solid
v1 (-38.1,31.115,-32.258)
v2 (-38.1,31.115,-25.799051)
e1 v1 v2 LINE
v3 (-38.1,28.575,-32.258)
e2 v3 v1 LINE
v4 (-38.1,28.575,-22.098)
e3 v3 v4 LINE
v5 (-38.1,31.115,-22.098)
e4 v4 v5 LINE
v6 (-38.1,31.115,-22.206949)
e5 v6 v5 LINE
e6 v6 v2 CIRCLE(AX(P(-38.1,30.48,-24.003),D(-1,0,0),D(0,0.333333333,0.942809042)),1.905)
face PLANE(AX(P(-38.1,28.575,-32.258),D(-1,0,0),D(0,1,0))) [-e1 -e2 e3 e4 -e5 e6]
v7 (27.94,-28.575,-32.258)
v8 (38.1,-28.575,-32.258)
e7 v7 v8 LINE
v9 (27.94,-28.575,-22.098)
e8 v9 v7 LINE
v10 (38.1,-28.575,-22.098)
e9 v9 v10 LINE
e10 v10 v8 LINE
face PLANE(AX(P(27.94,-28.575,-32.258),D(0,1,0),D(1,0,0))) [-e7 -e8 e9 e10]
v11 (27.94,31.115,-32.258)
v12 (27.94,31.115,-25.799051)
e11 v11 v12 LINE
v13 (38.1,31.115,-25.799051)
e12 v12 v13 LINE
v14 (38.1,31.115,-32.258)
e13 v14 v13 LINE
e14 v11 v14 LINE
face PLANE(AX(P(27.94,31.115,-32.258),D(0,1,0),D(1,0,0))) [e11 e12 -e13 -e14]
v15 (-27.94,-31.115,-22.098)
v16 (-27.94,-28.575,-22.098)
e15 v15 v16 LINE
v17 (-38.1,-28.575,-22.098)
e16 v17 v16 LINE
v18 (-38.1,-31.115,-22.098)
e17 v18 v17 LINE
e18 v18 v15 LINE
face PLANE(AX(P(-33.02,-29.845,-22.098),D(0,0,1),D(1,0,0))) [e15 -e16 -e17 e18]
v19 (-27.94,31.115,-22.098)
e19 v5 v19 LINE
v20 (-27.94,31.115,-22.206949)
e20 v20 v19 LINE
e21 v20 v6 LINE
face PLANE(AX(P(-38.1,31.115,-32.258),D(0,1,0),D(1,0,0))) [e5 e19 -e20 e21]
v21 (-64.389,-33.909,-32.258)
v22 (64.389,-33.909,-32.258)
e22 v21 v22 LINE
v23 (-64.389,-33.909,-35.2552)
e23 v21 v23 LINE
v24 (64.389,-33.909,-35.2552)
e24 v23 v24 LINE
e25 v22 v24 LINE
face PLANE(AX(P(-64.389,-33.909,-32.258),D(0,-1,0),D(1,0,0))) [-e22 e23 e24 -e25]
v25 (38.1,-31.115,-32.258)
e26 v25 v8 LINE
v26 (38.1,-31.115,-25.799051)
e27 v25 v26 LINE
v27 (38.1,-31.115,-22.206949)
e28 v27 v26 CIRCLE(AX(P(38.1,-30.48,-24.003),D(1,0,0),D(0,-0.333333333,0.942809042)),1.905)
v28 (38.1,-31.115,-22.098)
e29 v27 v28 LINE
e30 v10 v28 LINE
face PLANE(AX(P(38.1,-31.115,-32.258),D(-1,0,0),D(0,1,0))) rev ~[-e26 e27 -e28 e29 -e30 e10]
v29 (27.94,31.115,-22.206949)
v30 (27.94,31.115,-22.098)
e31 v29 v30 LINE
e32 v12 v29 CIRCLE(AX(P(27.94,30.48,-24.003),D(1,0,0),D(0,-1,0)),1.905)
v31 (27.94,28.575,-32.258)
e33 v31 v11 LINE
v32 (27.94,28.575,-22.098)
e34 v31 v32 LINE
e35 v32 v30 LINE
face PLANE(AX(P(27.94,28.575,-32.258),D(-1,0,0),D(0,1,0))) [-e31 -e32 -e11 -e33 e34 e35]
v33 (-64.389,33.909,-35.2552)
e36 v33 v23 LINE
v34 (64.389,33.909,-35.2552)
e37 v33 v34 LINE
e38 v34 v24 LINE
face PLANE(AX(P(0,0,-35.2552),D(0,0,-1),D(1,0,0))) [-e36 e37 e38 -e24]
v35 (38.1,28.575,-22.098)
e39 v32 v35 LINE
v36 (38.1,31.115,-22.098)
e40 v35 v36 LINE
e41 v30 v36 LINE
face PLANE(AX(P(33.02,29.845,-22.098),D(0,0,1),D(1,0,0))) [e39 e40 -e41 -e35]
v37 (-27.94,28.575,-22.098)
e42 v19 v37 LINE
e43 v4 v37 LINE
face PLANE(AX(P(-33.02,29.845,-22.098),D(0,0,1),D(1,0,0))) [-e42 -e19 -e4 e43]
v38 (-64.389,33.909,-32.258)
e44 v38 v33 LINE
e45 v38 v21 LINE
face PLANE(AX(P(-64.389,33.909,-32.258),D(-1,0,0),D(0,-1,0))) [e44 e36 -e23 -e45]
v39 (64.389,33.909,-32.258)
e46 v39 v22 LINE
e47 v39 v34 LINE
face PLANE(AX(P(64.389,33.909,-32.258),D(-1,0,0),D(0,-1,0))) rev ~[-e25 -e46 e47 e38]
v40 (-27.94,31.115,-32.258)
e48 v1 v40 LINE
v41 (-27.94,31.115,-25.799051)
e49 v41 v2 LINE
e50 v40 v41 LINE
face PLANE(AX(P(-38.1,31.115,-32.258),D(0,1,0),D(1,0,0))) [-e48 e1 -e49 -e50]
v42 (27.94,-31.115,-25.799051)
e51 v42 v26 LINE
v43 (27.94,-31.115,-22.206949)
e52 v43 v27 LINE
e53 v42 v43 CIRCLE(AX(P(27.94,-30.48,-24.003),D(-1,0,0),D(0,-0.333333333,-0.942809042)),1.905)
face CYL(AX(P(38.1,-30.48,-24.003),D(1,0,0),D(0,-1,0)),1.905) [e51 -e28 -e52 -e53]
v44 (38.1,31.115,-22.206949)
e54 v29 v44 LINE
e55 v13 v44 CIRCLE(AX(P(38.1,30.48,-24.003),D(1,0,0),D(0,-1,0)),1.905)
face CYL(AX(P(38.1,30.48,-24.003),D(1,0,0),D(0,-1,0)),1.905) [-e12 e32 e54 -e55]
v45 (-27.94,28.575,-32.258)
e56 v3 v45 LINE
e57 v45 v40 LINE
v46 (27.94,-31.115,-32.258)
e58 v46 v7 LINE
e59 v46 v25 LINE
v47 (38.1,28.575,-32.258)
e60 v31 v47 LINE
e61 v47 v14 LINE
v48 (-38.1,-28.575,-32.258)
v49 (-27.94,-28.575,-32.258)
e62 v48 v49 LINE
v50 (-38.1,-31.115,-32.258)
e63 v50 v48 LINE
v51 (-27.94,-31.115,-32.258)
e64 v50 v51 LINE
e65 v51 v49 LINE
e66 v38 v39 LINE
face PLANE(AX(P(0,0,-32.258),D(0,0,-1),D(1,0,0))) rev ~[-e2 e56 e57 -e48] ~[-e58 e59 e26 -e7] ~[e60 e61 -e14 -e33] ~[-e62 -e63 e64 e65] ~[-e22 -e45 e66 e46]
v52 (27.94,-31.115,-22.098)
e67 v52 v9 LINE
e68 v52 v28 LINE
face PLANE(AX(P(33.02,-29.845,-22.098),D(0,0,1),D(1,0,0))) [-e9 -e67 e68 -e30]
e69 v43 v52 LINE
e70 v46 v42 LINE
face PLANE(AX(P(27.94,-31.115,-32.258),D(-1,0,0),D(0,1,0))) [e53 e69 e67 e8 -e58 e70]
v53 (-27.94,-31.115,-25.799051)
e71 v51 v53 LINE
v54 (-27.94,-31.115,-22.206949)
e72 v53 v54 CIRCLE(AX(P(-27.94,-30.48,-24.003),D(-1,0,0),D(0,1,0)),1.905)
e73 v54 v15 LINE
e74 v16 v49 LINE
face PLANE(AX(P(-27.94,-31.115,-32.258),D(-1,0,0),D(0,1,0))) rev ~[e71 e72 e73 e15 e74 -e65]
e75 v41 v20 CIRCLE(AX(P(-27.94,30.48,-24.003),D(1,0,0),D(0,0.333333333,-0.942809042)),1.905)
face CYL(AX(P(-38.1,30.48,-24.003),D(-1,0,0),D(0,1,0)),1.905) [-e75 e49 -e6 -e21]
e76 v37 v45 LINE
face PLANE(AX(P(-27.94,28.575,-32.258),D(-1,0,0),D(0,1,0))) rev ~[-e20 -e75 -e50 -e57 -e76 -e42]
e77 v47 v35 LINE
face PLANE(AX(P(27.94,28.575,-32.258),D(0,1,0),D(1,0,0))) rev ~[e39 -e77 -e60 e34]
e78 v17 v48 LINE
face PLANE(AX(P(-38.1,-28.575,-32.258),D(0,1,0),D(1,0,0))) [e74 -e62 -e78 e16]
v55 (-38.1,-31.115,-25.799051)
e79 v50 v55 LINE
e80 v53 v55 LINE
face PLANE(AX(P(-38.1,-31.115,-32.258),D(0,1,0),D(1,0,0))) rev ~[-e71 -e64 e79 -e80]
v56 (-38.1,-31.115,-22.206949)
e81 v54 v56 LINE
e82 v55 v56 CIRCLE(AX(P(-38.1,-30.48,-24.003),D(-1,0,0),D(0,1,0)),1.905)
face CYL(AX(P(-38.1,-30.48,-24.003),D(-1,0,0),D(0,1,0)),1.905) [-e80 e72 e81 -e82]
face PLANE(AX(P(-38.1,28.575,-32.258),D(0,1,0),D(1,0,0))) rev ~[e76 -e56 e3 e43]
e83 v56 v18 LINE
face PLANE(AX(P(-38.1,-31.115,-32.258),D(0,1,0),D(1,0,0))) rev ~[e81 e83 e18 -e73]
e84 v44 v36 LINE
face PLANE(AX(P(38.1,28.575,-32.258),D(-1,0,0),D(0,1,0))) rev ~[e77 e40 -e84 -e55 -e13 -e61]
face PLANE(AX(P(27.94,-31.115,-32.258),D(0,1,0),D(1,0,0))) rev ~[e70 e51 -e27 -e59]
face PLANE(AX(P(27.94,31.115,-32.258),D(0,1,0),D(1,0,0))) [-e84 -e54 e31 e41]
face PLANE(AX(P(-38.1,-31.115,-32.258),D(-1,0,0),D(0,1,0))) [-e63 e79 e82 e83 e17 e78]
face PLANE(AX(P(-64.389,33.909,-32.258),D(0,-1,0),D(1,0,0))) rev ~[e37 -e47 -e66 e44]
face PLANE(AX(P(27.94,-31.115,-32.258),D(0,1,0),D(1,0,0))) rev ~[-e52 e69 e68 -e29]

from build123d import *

# Parameters (mm, degrees)
SKETCH005_W  = 128.778
SKETCH005_H  = 67.818
PAD004_DEPTH = 2.9972
SKETCH006_W  = 10.16
SKETCH006_H  = 2.54
PAD005_DEPTH = 10.16
SKETCH007_R  = 1.905
PAD006_DEPTH = 10.16
SKETCH008_R  = 1.905
PAD007_DEPTH = 10.16


with BuildPart() as part:
    # Sketch005 → Pad004 (new body)
    with BuildSketch(Plane(origin=(0, 0, -32.258), x_dir=(1, 0, 0), z_dir=(0, 0, -1))):
        Rectangle(SKETCH005_W, SKETCH005_H)
    extrude(amount=PAD004_DEPTH)

    # Sketch006 → Pad005 (new body)
    with BuildSketch(Plane.XY.offset(-32.258)):
        with Locations((-33.02, -29.845)):
            Rectangle(SKETCH006_W, SKETCH006_H)
        with Locations((33.02, -29.845)):
            Rectangle(SKETCH006_W, SKETCH006_H)
        with Locations((33.02, 29.845)):
            Rectangle(SKETCH006_W, SKETCH006_H)
        with Locations((-33.02, 29.845)):
            Rectangle(SKETCH006_W, SKETCH006_H)
    extrude(amount=PAD005_DEPTH)

    # Sketch007 → Pad006 (new body)
    with BuildSketch(Plane(origin=(38.1, 0, -32.258), x_dir=(0, -1, 0), z_dir=(1, 0, 0))):
        with Locations((-30.48, -8.255)):
            Circle(SKETCH007_R)
        with Locations((30.48, -8.255)):
            Circle(SKETCH007_R)
    extrude(amount=-PAD006_DEPTH)

    # Sketch008 → Pad007 (new body)
    with BuildSketch(Plane(origin=(-38.1, 0, -32.258), x_dir=(0, 1, 0), z_dir=(-1, 0, 0))):
        with Locations((-30.48, -8.255)):
            Circle(SKETCH008_R)
        with Locations((30.48, -8.255)):
            Circle(SKETCH008_R)
    extrude(amount=-PAD007_DEPTH)


solid = part.part
